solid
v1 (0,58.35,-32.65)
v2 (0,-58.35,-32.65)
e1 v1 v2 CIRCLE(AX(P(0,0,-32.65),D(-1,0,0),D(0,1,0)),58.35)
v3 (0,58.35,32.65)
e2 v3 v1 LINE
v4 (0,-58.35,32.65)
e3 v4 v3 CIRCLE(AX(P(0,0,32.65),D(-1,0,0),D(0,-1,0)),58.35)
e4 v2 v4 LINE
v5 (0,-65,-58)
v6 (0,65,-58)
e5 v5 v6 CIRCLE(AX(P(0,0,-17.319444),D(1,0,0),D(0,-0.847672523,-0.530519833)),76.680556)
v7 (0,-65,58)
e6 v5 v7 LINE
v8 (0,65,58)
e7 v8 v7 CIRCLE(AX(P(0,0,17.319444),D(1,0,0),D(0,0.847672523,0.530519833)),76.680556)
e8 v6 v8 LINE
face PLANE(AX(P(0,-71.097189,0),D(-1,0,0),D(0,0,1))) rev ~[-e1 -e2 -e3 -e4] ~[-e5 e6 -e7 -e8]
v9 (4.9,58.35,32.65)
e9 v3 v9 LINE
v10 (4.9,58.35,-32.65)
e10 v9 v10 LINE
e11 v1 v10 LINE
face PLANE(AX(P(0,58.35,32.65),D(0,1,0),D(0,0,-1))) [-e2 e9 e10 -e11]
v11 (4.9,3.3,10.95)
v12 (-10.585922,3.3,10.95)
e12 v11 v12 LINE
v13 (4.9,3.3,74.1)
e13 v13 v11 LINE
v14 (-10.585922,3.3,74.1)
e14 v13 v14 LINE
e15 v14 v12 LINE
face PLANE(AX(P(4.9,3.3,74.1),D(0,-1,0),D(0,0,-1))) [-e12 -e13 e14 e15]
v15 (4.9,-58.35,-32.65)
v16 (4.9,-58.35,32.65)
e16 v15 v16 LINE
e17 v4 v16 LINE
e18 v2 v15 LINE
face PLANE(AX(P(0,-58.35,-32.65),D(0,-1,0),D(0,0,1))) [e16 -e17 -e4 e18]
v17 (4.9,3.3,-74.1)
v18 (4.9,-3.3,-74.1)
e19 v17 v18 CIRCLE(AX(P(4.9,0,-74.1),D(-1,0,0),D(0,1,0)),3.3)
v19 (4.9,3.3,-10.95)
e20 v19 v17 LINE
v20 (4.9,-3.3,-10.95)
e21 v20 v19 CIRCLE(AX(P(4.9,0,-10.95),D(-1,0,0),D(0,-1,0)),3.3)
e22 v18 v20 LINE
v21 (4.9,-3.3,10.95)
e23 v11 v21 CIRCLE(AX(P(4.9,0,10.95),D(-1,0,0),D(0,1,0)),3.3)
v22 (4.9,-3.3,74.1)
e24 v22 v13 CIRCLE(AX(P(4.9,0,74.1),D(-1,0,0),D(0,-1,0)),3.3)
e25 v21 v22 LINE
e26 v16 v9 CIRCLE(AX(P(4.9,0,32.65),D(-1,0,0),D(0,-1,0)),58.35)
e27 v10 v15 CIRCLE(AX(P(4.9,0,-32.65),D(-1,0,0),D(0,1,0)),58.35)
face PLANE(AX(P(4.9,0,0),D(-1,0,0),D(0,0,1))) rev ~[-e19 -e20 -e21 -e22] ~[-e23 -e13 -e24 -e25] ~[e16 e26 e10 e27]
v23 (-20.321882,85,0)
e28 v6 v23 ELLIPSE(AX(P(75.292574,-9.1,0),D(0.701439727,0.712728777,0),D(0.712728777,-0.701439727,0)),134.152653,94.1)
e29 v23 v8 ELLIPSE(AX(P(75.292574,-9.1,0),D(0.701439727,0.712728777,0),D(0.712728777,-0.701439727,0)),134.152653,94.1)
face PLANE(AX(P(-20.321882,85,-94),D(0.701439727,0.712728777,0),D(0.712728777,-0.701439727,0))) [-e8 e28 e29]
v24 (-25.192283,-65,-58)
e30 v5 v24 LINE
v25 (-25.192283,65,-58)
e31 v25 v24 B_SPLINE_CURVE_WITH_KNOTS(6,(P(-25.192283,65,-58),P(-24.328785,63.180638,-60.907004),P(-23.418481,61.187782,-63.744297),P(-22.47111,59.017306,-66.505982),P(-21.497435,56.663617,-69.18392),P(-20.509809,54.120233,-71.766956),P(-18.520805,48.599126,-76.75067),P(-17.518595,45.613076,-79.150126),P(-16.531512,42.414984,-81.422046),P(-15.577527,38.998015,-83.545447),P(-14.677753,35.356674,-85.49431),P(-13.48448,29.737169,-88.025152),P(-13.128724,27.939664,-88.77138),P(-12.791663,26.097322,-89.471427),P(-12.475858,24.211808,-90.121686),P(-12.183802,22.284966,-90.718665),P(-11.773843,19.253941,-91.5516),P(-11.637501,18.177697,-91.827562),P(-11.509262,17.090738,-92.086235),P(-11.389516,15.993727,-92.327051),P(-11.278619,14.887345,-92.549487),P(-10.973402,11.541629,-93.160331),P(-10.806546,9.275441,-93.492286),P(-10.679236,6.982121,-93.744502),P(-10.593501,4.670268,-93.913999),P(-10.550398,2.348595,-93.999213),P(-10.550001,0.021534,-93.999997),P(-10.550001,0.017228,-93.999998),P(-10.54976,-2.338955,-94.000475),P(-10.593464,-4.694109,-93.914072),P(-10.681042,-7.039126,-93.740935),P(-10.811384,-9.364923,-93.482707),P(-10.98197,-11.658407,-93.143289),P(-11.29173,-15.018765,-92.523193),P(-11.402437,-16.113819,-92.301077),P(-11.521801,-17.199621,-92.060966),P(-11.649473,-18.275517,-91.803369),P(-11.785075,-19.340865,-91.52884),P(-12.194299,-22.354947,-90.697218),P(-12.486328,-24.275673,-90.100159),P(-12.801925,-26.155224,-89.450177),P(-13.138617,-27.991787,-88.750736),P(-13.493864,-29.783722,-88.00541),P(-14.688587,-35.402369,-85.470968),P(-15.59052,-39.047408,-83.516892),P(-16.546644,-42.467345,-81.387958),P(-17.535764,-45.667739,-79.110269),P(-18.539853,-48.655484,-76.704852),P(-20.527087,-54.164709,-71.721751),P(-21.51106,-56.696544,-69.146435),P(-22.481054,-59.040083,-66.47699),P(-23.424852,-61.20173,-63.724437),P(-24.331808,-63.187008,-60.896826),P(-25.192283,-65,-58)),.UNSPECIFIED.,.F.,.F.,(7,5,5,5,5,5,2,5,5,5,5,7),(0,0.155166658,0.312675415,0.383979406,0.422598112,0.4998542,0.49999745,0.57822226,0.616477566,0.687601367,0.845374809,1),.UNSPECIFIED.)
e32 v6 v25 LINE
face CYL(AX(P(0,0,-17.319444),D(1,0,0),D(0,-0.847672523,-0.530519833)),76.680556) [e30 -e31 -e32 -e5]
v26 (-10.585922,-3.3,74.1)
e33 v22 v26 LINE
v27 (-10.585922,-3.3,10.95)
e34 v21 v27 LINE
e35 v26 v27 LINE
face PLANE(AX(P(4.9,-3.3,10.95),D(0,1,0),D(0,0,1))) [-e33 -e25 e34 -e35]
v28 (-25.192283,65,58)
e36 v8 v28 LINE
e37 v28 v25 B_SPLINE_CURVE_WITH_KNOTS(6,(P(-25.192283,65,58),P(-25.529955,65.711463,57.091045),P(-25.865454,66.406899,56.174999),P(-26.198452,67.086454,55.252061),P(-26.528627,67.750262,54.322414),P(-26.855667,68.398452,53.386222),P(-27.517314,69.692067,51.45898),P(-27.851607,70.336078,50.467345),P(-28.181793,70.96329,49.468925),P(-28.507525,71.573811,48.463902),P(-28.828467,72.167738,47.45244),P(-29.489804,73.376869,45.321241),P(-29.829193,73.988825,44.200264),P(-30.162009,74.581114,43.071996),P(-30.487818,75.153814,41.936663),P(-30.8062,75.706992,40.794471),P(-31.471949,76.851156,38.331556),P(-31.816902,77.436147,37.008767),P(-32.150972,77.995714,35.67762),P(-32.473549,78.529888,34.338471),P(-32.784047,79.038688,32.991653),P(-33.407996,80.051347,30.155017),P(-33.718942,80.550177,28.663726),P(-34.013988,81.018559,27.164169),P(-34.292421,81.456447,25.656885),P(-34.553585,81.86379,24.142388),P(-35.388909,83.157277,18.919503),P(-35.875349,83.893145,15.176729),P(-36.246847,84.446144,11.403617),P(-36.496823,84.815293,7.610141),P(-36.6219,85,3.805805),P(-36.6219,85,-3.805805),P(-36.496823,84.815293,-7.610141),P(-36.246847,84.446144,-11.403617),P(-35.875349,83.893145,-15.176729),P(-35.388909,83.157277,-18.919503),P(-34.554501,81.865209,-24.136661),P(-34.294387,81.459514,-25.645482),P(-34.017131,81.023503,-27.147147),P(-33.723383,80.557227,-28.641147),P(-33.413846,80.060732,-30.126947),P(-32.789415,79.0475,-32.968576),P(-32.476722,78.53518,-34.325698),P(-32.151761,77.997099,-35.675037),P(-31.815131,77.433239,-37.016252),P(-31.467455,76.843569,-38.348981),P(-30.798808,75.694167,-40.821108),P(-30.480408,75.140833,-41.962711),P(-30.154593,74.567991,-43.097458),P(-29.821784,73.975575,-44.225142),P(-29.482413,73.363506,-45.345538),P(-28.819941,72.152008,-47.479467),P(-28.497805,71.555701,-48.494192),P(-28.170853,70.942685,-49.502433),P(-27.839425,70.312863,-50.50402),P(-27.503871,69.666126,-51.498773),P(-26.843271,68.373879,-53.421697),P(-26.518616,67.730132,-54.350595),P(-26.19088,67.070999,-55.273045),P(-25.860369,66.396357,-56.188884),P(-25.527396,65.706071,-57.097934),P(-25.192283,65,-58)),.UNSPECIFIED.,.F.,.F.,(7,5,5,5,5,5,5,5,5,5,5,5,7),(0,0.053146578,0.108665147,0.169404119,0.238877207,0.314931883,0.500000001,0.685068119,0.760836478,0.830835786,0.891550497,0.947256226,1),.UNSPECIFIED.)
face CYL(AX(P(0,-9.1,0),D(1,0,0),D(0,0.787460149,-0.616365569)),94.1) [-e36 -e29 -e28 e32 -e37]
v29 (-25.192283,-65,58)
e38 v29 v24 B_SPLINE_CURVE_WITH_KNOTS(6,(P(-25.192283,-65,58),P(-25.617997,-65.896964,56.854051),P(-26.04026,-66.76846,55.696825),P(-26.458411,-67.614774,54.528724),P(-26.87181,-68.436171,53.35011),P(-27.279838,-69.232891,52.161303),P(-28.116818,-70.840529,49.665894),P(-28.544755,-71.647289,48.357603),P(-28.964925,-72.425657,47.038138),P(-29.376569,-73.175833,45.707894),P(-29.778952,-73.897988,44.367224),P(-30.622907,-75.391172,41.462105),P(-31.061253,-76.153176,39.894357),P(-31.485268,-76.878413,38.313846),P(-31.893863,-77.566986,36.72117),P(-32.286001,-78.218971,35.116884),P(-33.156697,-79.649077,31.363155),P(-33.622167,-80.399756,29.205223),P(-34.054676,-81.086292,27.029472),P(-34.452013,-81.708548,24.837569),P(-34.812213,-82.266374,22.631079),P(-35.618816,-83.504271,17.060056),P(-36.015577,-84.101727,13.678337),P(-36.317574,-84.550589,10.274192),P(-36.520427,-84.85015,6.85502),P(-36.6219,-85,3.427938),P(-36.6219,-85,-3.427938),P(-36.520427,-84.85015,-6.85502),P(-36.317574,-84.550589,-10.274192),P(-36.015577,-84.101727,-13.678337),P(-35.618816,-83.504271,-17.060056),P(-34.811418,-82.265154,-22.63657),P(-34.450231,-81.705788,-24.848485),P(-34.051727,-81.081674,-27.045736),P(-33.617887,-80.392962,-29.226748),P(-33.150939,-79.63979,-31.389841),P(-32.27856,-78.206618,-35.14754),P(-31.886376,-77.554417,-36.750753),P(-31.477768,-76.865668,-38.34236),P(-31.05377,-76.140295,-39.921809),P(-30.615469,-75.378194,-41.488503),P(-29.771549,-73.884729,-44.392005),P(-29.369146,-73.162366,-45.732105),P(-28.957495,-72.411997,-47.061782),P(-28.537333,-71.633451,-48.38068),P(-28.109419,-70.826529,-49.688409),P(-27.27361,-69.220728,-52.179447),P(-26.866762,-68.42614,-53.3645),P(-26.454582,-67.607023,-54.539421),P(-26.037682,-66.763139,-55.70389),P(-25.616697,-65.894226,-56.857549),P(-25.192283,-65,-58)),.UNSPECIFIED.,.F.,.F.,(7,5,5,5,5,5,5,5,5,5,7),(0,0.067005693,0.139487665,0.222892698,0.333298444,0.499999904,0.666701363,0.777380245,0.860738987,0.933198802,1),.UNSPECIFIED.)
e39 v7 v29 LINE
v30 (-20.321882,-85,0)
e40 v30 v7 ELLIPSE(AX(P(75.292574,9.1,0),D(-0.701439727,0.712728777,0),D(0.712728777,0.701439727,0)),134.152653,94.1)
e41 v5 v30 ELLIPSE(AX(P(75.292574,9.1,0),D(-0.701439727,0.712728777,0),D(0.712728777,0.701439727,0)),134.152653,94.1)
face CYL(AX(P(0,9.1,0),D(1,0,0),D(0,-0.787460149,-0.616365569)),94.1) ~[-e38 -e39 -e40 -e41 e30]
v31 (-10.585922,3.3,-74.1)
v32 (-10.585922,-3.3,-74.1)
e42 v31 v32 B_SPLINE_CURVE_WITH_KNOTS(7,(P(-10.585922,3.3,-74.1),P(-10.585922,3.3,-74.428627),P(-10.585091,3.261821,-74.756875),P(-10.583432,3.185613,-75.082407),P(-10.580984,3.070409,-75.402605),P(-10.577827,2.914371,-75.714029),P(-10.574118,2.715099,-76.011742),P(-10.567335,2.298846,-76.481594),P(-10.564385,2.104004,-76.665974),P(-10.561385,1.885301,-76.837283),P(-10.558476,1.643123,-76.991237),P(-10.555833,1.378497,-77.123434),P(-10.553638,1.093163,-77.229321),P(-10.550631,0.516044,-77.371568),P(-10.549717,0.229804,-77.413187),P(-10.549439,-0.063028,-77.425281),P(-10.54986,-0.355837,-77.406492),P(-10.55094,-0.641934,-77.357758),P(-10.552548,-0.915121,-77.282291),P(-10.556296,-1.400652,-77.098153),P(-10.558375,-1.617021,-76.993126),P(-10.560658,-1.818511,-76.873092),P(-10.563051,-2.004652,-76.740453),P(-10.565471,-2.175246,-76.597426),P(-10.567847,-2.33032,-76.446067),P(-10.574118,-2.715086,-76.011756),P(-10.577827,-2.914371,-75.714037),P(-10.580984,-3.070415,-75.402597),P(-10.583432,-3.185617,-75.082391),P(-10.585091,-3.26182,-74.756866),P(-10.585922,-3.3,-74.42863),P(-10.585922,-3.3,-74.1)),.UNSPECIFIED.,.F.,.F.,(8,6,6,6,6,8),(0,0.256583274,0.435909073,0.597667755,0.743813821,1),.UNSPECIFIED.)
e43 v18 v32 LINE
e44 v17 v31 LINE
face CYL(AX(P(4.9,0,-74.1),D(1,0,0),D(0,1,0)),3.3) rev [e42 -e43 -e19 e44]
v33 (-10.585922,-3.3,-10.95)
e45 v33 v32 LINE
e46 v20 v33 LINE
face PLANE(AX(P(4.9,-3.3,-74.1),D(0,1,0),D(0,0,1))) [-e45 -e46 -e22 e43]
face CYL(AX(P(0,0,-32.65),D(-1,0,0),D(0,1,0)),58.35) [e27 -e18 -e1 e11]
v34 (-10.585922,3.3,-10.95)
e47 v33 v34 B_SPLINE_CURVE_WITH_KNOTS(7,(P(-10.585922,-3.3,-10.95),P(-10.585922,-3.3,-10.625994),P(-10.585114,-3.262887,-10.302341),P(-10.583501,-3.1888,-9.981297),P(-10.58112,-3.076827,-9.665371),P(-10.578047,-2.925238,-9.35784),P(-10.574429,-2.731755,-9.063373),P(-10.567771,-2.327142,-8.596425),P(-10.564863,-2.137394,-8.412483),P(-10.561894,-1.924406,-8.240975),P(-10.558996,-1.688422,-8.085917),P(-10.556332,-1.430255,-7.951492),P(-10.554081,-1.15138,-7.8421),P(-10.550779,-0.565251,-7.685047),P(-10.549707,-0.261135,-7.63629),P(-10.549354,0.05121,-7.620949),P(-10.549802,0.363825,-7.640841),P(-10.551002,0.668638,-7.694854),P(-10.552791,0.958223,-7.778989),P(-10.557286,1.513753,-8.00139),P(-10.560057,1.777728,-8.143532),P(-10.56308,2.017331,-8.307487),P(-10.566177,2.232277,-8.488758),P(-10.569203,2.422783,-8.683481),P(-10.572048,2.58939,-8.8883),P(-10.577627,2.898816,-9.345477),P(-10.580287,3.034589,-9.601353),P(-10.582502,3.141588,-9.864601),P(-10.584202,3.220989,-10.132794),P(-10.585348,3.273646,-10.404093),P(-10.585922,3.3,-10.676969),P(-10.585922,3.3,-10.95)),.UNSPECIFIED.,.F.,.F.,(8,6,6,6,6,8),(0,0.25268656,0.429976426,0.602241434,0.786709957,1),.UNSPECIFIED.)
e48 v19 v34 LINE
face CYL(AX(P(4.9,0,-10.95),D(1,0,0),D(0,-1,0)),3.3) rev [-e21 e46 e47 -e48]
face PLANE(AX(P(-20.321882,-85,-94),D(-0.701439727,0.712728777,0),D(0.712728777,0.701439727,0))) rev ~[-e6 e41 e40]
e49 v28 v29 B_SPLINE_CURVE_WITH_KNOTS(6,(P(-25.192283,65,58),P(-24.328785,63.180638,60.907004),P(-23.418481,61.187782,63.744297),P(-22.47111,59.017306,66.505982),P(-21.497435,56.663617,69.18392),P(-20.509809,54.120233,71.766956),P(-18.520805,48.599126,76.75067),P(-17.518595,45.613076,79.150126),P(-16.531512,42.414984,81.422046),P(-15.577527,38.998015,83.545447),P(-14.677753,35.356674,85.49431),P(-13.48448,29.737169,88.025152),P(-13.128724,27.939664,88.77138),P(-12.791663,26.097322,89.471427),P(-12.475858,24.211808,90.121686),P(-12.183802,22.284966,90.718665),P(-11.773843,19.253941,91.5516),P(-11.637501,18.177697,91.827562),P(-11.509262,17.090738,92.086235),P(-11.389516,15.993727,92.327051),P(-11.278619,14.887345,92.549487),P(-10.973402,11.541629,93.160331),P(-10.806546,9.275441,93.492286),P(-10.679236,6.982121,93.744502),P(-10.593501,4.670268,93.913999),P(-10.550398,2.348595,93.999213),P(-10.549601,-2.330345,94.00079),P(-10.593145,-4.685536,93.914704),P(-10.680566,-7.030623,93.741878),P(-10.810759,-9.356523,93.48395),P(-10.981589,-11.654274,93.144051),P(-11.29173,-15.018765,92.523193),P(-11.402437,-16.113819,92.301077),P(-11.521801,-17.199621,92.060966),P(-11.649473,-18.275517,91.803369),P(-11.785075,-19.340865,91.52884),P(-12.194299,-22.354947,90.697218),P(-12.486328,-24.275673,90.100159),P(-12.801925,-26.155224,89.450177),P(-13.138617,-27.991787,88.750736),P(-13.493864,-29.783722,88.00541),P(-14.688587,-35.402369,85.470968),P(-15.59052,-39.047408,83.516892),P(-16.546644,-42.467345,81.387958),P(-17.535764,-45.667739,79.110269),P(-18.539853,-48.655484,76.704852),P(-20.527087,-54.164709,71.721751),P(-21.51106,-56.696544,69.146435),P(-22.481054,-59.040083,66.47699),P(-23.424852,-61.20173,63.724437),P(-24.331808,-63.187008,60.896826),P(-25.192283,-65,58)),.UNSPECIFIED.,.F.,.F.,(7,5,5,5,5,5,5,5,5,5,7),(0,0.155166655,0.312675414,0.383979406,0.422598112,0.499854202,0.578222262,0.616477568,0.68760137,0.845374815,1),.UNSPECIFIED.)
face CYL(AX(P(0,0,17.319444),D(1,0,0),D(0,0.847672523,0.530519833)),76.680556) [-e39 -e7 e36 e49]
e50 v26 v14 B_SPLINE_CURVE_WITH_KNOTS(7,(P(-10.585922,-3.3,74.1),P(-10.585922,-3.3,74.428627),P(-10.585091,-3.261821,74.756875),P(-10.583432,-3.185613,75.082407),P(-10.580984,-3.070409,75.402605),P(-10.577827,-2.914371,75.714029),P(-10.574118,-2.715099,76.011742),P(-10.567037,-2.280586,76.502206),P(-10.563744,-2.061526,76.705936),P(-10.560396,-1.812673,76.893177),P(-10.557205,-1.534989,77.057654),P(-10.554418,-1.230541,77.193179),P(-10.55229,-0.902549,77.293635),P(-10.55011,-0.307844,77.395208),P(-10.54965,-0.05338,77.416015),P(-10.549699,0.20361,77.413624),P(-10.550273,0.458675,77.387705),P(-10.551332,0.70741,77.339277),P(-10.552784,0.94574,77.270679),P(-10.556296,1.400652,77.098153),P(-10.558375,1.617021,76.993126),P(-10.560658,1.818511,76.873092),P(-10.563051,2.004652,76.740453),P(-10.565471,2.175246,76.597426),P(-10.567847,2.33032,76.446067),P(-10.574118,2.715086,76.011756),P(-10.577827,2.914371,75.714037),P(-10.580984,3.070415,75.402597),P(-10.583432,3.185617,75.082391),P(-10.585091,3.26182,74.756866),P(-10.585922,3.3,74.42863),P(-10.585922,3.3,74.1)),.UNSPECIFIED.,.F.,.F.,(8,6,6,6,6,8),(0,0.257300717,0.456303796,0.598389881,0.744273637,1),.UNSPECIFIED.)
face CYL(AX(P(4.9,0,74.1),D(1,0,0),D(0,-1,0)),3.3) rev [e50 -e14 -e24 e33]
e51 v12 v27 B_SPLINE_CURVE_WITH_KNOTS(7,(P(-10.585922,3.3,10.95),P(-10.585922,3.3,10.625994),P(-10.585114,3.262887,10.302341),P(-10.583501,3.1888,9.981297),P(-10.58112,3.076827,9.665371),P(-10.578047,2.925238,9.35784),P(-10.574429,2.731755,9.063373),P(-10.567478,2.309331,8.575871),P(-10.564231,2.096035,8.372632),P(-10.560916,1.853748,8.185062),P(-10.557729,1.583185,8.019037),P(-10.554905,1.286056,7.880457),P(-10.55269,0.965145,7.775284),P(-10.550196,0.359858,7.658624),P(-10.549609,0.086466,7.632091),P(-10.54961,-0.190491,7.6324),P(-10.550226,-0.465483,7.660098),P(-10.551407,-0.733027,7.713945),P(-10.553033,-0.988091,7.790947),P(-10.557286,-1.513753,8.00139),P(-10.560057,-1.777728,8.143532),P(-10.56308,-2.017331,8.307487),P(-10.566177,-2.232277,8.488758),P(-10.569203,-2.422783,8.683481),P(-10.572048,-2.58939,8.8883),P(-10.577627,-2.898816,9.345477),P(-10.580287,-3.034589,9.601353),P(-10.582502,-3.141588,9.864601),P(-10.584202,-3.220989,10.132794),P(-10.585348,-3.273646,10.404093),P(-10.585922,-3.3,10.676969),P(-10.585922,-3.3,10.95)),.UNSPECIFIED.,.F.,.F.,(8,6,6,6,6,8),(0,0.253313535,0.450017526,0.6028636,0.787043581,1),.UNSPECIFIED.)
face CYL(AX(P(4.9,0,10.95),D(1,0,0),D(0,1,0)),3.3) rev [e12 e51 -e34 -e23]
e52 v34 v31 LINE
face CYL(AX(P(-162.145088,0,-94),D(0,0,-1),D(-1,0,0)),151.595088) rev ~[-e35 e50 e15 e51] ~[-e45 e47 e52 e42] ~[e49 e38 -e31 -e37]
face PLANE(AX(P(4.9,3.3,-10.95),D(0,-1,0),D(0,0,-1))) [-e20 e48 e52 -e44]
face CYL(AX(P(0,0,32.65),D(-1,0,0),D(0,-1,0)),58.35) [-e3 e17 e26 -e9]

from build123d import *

# Parameters (mm, degrees)
BOSS_EXTRUDE1_DEPTH = 4.9
BOSS_EXTRUDE2_DEPTH = 35
CUT_EXTRUDE1_DEPTH  = 122.049617926
BOSS_EXTRUDE3_DEPTH = 40
SKETCH4_R           = 151.595087716
CUT_EXTRUDE2_DEPTH  = 211.164221503
CUT_EXTRUDE3_DEPTH  = 210.547521178


with BuildPart() as part:
    # Sketch1 → Boss-Extrude1 (new body)
    with BuildSketch(Plane(origin=(0, 0, 0), x_dir=(0, 0, -1), z_dir=(1, 0, 0))):
        with BuildLine():
            Line((-32.65, 58.35), (32.65, 58.35))
            ThreePointArc((32.65, 58.35), (91, 0), (32.65, -58.35))
            Line((32.65, -58.35), (-32.65, -58.35))
            ThreePointArc((-32.65, -58.35), (-91, 0), (-32.65, 58.35))
        make_face()
    extrude(amount=BOSS_EXTRUDE1_DEPTH)

    # Sketch3 → Boss-Extrude2 (add)
    with BuildSketch(Plane.ZY):
        with BuildLine():
            Line((-58, 65), (58, 65))
            ThreePointArc((58, 65), (94, 0), (58, -65))
            Line((58, -65), (-58, -65))
            ThreePointArc((-58, -65), (-94, 0), (-58, 65))
        make_face()
    extrude(amount=BOSS_EXTRUDE2_DEPTH)

    # Sketch2 → Cut-Extrude1 (cut, through all)
    with BuildSketch(Plane(origin=(4.9, 0, 0), x_dir=(0, 0, -1), z_dir=(1, 0, 0))):
        with BuildLine():
            Line((-10.95, -3.3), (-74.1, -3.3))
            ThreePointArc((-74.1, -3.3), (-77.4, 0), (-74.1, 3.3))
            Line((-74.1, 3.3), (-10.95, 3.3))
            ThreePointArc((-10.95, 3.3), (-7.65, 0), (-10.95, -3.3))
        make_face()
        with BuildLine():
            Line((10.95, 3.3), (74.1, 3.3))
            ThreePointArc((74.1, 3.3), (77.4, 0), (74.1, -3.3))
            Line((74.1, -3.3), (10.95, -3.3))
            ThreePointArc((10.95, -3.3), (7.65, 0), (10.95, 3.3))
        make_face()
    extrude(amount=-CUT_EXTRUDE1_DEPTH, mode=Mode.SUBTRACT)

    # Sketch5 → Boss-Extrude3 (add)
    with BuildSketch(Plane(origin=(0, -65, -58), x_dir=(0, 0, -1), z_dir=(1, 0, 0))):
        with BuildLine():
            Line((-116, 0), (0, 0))
            ThreePointArc((0, 0), (-58, -20), (-116, 0))
        make_face()
        with BuildLine():
            Line((-116, 130), (0, 130))
            ThreePointArc((0, 130), (-58, 150), (-116, 130))
        make_face()
    extrude(amount=-BOSS_EXTRUDE3_DEPTH)

    # Sketch4 → Cut-Extrude2 (cut, through all)
    with BuildSketch(Plane(origin=(0, 0, -94), x_dir=(-1, 0, 0), z_dir=(0, 0, -1))):
        with Locations((162.145087716, 0)):
            Circle(SKETCH4_R)
    extrude(amount=-CUT_EXTRUDE2_DEPTH, mode=Mode.SUBTRACT)

    # Sketch8 → Cut-Extrude3 (cut, through all)
    with BuildSketch(Plane(origin=(0, 0, -94), x_dir=(-1, 0, 0), z_dir=(0, 0, -1))):
        Polygon((0, 65), (0, 85), (20.321882247, 85), align=None)
        Polygon((0, -65), (0, -85), (20.321882247, -85), align=None)
    extrude(amount=-CUT_EXTRUDE3_DEPTH, mode=Mode.SUBTRACT)


solid = part.part
